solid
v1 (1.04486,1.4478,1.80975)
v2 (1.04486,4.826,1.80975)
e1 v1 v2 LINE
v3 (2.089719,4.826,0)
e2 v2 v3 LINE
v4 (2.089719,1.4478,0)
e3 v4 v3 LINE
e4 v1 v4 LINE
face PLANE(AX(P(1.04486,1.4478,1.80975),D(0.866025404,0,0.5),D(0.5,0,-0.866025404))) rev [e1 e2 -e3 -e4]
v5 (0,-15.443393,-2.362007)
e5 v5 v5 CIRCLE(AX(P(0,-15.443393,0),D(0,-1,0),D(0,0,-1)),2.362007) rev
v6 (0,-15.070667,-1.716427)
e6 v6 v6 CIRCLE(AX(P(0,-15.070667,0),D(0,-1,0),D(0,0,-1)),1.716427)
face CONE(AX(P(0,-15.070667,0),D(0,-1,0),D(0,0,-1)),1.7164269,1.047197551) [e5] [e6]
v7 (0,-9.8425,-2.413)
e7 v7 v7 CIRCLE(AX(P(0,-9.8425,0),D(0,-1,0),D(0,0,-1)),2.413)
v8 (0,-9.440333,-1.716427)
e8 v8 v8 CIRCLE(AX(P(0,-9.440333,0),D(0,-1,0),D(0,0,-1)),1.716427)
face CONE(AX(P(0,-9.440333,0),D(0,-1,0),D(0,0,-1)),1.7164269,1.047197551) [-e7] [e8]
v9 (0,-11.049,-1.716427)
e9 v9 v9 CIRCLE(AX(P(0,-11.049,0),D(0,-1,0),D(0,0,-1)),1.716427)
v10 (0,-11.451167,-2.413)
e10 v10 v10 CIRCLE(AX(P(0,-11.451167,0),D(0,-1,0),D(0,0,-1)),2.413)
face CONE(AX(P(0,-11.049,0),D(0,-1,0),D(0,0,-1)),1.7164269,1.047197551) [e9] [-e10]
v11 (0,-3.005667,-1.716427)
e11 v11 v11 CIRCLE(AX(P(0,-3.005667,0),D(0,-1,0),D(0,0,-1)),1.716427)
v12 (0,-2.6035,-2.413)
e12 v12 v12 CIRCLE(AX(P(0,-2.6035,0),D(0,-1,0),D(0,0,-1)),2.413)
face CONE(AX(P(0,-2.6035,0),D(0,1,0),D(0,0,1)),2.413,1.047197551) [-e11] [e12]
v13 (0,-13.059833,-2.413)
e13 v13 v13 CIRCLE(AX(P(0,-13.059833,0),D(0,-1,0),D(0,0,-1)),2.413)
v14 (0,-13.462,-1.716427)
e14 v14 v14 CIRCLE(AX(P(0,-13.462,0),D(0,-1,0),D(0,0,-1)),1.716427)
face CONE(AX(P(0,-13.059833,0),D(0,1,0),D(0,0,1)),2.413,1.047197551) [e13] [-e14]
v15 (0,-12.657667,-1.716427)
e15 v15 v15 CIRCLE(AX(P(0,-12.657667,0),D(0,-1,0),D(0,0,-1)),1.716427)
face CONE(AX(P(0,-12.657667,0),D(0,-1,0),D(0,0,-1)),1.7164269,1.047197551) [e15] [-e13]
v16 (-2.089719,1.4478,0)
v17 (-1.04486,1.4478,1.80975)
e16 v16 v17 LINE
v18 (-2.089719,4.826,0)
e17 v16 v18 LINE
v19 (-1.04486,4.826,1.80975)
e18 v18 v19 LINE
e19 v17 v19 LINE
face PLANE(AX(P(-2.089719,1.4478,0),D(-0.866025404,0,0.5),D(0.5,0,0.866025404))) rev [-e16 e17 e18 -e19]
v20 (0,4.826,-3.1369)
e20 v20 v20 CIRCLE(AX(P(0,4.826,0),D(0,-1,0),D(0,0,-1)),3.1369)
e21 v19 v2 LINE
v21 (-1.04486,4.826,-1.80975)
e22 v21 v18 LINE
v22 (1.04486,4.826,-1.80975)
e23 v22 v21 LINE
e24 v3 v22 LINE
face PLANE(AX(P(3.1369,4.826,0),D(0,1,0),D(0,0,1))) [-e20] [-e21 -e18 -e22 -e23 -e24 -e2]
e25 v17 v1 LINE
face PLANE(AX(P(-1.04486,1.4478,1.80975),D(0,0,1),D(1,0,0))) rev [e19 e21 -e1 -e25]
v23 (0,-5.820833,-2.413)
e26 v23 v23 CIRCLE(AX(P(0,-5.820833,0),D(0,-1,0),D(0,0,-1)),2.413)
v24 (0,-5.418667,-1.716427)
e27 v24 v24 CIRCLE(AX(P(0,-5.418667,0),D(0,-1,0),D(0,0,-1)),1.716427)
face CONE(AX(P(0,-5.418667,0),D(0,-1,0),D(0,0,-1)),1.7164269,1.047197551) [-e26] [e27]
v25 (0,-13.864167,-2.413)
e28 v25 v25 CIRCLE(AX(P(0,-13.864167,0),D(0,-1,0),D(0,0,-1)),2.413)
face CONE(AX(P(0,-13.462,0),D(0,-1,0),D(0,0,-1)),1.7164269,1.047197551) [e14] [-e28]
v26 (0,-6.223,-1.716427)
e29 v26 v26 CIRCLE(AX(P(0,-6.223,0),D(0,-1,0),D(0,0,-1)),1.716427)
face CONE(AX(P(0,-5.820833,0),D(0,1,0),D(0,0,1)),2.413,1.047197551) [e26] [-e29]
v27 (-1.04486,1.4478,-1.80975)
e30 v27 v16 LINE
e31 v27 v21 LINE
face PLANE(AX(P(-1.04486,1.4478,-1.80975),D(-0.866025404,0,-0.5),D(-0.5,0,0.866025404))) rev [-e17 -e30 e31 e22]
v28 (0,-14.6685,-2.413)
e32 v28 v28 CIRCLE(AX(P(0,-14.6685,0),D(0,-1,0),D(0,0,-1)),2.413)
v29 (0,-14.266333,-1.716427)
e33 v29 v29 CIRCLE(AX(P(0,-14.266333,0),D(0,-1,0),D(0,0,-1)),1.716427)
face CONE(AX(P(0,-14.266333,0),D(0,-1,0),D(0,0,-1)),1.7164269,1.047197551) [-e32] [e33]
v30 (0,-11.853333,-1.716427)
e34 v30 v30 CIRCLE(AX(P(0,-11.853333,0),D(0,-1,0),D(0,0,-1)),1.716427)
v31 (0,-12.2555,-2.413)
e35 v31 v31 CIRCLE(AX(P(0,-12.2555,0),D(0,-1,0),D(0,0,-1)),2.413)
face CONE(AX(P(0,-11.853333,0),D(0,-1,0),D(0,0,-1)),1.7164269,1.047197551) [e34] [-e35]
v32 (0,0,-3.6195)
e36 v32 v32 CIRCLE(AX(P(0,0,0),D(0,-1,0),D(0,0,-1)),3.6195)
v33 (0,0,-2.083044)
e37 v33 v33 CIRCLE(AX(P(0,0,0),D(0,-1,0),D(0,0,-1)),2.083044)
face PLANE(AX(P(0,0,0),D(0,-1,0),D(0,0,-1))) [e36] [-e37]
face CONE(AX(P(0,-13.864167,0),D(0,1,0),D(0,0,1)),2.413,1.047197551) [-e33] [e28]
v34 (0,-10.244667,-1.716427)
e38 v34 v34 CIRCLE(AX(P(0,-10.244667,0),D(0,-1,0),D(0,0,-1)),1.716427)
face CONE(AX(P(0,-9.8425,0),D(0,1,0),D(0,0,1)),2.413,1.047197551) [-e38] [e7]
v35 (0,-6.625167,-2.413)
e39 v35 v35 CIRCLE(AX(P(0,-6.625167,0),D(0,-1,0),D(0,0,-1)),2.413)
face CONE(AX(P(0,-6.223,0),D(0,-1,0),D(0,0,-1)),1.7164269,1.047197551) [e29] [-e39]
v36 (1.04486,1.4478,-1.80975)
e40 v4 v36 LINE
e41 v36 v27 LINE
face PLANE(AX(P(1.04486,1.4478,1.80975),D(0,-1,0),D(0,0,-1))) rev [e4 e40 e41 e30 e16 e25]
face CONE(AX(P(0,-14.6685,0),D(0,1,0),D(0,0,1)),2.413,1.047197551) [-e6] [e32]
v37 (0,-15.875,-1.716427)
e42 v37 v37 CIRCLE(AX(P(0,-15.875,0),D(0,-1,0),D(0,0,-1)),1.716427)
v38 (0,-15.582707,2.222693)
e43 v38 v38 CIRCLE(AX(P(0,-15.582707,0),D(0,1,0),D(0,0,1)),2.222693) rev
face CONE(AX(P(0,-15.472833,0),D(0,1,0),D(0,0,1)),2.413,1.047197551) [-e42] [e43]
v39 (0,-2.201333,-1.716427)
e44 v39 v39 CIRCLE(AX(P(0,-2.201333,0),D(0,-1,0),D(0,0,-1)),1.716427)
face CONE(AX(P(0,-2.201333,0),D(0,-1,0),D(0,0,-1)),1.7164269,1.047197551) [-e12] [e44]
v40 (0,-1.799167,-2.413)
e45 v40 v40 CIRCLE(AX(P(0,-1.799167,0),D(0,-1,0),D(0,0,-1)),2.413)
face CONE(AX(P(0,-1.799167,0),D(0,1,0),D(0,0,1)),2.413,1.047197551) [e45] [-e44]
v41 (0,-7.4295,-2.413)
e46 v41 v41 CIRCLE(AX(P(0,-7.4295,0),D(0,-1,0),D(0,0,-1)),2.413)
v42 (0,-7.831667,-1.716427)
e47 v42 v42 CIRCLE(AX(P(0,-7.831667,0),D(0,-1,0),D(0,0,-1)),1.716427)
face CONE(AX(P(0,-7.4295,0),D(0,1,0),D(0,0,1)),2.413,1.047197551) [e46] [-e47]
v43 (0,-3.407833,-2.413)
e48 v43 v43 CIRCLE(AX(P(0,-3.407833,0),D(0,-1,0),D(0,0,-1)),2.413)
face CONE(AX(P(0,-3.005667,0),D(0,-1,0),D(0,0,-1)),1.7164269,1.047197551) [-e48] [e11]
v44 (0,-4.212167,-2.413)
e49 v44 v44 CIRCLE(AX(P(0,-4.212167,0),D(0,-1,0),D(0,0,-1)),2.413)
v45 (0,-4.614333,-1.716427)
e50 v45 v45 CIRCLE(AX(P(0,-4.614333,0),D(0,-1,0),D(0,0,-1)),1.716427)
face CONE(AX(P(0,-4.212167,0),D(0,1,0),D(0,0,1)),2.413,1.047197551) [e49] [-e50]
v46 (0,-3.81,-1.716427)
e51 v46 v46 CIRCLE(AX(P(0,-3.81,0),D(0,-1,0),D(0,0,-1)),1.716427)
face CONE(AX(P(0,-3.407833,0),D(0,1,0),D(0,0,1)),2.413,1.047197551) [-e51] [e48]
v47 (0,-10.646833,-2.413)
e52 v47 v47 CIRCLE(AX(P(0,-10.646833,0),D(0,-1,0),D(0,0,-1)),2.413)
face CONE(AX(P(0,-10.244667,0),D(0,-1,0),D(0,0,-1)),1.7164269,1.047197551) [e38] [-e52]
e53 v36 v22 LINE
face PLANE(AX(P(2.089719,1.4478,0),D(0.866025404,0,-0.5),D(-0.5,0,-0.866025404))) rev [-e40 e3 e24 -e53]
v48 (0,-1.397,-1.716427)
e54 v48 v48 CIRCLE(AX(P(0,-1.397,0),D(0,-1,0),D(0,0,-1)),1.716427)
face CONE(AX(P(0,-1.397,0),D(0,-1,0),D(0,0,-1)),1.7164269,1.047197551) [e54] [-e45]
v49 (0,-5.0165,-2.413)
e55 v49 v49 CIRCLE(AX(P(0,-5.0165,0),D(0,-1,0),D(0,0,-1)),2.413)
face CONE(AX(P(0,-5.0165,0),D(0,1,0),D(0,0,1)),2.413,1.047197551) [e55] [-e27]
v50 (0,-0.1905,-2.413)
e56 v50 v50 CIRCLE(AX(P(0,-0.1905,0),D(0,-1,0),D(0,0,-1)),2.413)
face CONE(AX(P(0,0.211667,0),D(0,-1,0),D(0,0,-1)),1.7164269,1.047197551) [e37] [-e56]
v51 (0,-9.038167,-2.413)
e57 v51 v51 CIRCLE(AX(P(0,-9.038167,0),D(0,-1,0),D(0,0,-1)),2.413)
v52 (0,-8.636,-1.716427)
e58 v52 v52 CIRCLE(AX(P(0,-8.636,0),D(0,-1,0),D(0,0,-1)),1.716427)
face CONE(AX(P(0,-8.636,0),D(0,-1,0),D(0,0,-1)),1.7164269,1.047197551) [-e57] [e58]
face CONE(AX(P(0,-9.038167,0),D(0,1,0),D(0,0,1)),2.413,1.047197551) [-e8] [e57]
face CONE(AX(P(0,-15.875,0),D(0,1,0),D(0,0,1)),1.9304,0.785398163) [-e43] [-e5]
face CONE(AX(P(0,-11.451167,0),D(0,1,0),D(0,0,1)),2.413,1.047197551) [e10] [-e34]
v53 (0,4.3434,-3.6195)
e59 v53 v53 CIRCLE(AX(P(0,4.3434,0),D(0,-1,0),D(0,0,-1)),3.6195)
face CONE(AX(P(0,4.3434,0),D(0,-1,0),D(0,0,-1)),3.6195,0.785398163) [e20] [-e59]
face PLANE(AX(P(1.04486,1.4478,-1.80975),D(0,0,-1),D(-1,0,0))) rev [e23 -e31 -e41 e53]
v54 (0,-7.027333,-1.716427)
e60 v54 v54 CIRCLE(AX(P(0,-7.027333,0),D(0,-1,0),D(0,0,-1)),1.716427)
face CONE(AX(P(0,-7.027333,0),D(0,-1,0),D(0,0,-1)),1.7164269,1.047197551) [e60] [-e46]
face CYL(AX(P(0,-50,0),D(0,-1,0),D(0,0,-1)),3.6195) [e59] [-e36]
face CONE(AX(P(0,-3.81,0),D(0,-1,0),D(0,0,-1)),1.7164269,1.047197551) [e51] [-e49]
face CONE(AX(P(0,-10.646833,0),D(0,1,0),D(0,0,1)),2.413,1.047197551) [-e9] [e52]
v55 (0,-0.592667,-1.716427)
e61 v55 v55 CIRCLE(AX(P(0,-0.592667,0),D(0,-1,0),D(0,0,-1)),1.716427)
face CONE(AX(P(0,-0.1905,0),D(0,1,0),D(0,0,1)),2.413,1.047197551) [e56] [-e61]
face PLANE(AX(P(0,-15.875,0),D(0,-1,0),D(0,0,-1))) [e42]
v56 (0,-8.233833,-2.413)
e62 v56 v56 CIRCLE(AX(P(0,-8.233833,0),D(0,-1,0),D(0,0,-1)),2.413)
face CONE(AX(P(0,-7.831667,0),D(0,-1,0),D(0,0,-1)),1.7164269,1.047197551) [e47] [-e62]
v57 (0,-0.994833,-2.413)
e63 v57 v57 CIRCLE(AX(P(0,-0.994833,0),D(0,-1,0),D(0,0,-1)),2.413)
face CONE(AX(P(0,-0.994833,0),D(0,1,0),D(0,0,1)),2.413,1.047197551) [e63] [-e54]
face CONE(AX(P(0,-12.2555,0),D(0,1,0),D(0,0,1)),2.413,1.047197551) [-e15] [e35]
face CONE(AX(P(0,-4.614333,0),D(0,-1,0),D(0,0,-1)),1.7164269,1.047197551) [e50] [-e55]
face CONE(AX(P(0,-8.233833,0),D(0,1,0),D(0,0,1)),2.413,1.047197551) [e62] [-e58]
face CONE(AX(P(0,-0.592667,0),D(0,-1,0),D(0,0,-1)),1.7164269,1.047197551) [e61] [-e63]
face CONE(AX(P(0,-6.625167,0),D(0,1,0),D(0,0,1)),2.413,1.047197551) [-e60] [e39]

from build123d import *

# Parameters (mm, degrees)
HEX_CUT_DRIVEN_DEPTH = 3.3782


with BuildPart() as part:
    # Sketch3 → Shank Revolve ( driven ) (revolve)
    with BuildSketch(Plane.XY, mode=Mode.PRIVATE) as shank_revolve_driven_sk:
        Polygon((0, 1.4478), (0, -15.875), (1.9304, -15.875), (2.413, -15.3924), (2.413, 1.4478), align=None)
    revolve(shank_revolve_driven_sk.sketch.rotate(Axis((0, -50, 0), (0, 1, 0)), 90), axis=Axis((0, -50, 0), (0, 1, 0)))

    # Sketch4 → Thread Revolve Cut ( driven ) (revolve, cut)
    with BuildSketch(Plane.XY, mode=Mode.PRIVATE) as thread_revolve_cut_driven_sk:
        Polygon((1.7164269, 3.429), (2.413, 3.831166667), (3.217333333, 3.831166667), (3.217333333, -17.885833333), (2.413, -17.885833333), (1.7164269, -17.483666667), (2.413, -17.0815), (1.7164269, -16.679333333), (2.413, -16.277166667), (1.7164269, -15.875), (2.413, -15.472833333), (1.7164269, -15.070666667), (2.413, -14.6685), (1.7164269, -14.266333333), (2.413, -13.864166667), (1.7164269, -13.462), (2.413, -13.059833333), (1.7164269, -12.657666667), (2.413, -12.2555), (1.7164269, -11.853333333), (2.413, -11.451166667), (1.7164269, -11.049), (2.413, -10.646833333), (1.7164269, -10.244666667), (2.413, -9.8425), (1.7164269, -9.440333333), (2.413, -9.038166667), (1.7164269, -8.636), (2.413, -8.233833333), (1.7164269, -7.831666667), (2.413, -7.4295), (1.7164269, -7.027333333), (2.413, -6.625166667), (1.7164269, -6.223), (2.413, -5.820833333), (1.7164269, -5.418666667), (2.413, -5.0165), (1.7164269, -4.614333333), (2.413, -4.212166667), (1.7164269, -3.81), (2.413, -3.407833333), (1.7164269, -3.005666667), (2.413, -2.6035), (1.7164269, -2.201333333), (2.413, -1.799166667), (1.7164269, -1.397), (2.413, -0.994833333), (1.7164269, -0.592666667), (2.413, -0.1905), (1.7164269, 0.211666667), (2.413, 0.613833333), (1.7164269, 1.016), (2.413, 1.418166667), (1.7164269, 1.820333333), (2.413, 2.2225), (1.7164269, 2.624666667), (2.413, 3.026833333), align=None)
    revolve(thread_revolve_cut_driven_sk.sketch.rotate(Axis((0, -50, 0), (0, 1, 0)), 90), axis=Axis((0, -50, 0), (0, 1, 0)), mode=Mode.SUBTRACT)

    # Sketch5 → Head Revolve ( driven ) (revolve)
    with BuildSketch(Plane.XY, mode=Mode.PRIVATE) as head_revolve_driven_sk:
        Polygon((0, 4.826), (0, 0), (3.6195, 0), (3.6195, 4.3434), (3.1369, 4.826), align=None)
    revolve(head_revolve_driven_sk.sketch.rotate(Axis((0, -50, 0), (0, 1, 0)), 90), axis=Axis((0, -50, 0), (0, 1, 0)))

    # Sketch2 → Hex Cut ( driven ) (cut)
    with BuildSketch(Plane(origin=(0, 4.826, 0), x_dir=(-1, 0, 0), z_dir=(0, 1, 0))):
        Polygon((-2.089719299, 0), (-1.04485965, -1.80975), (1.04485965, -1.80975), (2.089719299, 0), (1.04485965, 1.80975), (-1.04485965, 1.80975), align=None)
    extrude(amount=-HEX_CUT_DRIVEN_DEPTH, mode=Mode.SUBTRACT)


solid = part.part
